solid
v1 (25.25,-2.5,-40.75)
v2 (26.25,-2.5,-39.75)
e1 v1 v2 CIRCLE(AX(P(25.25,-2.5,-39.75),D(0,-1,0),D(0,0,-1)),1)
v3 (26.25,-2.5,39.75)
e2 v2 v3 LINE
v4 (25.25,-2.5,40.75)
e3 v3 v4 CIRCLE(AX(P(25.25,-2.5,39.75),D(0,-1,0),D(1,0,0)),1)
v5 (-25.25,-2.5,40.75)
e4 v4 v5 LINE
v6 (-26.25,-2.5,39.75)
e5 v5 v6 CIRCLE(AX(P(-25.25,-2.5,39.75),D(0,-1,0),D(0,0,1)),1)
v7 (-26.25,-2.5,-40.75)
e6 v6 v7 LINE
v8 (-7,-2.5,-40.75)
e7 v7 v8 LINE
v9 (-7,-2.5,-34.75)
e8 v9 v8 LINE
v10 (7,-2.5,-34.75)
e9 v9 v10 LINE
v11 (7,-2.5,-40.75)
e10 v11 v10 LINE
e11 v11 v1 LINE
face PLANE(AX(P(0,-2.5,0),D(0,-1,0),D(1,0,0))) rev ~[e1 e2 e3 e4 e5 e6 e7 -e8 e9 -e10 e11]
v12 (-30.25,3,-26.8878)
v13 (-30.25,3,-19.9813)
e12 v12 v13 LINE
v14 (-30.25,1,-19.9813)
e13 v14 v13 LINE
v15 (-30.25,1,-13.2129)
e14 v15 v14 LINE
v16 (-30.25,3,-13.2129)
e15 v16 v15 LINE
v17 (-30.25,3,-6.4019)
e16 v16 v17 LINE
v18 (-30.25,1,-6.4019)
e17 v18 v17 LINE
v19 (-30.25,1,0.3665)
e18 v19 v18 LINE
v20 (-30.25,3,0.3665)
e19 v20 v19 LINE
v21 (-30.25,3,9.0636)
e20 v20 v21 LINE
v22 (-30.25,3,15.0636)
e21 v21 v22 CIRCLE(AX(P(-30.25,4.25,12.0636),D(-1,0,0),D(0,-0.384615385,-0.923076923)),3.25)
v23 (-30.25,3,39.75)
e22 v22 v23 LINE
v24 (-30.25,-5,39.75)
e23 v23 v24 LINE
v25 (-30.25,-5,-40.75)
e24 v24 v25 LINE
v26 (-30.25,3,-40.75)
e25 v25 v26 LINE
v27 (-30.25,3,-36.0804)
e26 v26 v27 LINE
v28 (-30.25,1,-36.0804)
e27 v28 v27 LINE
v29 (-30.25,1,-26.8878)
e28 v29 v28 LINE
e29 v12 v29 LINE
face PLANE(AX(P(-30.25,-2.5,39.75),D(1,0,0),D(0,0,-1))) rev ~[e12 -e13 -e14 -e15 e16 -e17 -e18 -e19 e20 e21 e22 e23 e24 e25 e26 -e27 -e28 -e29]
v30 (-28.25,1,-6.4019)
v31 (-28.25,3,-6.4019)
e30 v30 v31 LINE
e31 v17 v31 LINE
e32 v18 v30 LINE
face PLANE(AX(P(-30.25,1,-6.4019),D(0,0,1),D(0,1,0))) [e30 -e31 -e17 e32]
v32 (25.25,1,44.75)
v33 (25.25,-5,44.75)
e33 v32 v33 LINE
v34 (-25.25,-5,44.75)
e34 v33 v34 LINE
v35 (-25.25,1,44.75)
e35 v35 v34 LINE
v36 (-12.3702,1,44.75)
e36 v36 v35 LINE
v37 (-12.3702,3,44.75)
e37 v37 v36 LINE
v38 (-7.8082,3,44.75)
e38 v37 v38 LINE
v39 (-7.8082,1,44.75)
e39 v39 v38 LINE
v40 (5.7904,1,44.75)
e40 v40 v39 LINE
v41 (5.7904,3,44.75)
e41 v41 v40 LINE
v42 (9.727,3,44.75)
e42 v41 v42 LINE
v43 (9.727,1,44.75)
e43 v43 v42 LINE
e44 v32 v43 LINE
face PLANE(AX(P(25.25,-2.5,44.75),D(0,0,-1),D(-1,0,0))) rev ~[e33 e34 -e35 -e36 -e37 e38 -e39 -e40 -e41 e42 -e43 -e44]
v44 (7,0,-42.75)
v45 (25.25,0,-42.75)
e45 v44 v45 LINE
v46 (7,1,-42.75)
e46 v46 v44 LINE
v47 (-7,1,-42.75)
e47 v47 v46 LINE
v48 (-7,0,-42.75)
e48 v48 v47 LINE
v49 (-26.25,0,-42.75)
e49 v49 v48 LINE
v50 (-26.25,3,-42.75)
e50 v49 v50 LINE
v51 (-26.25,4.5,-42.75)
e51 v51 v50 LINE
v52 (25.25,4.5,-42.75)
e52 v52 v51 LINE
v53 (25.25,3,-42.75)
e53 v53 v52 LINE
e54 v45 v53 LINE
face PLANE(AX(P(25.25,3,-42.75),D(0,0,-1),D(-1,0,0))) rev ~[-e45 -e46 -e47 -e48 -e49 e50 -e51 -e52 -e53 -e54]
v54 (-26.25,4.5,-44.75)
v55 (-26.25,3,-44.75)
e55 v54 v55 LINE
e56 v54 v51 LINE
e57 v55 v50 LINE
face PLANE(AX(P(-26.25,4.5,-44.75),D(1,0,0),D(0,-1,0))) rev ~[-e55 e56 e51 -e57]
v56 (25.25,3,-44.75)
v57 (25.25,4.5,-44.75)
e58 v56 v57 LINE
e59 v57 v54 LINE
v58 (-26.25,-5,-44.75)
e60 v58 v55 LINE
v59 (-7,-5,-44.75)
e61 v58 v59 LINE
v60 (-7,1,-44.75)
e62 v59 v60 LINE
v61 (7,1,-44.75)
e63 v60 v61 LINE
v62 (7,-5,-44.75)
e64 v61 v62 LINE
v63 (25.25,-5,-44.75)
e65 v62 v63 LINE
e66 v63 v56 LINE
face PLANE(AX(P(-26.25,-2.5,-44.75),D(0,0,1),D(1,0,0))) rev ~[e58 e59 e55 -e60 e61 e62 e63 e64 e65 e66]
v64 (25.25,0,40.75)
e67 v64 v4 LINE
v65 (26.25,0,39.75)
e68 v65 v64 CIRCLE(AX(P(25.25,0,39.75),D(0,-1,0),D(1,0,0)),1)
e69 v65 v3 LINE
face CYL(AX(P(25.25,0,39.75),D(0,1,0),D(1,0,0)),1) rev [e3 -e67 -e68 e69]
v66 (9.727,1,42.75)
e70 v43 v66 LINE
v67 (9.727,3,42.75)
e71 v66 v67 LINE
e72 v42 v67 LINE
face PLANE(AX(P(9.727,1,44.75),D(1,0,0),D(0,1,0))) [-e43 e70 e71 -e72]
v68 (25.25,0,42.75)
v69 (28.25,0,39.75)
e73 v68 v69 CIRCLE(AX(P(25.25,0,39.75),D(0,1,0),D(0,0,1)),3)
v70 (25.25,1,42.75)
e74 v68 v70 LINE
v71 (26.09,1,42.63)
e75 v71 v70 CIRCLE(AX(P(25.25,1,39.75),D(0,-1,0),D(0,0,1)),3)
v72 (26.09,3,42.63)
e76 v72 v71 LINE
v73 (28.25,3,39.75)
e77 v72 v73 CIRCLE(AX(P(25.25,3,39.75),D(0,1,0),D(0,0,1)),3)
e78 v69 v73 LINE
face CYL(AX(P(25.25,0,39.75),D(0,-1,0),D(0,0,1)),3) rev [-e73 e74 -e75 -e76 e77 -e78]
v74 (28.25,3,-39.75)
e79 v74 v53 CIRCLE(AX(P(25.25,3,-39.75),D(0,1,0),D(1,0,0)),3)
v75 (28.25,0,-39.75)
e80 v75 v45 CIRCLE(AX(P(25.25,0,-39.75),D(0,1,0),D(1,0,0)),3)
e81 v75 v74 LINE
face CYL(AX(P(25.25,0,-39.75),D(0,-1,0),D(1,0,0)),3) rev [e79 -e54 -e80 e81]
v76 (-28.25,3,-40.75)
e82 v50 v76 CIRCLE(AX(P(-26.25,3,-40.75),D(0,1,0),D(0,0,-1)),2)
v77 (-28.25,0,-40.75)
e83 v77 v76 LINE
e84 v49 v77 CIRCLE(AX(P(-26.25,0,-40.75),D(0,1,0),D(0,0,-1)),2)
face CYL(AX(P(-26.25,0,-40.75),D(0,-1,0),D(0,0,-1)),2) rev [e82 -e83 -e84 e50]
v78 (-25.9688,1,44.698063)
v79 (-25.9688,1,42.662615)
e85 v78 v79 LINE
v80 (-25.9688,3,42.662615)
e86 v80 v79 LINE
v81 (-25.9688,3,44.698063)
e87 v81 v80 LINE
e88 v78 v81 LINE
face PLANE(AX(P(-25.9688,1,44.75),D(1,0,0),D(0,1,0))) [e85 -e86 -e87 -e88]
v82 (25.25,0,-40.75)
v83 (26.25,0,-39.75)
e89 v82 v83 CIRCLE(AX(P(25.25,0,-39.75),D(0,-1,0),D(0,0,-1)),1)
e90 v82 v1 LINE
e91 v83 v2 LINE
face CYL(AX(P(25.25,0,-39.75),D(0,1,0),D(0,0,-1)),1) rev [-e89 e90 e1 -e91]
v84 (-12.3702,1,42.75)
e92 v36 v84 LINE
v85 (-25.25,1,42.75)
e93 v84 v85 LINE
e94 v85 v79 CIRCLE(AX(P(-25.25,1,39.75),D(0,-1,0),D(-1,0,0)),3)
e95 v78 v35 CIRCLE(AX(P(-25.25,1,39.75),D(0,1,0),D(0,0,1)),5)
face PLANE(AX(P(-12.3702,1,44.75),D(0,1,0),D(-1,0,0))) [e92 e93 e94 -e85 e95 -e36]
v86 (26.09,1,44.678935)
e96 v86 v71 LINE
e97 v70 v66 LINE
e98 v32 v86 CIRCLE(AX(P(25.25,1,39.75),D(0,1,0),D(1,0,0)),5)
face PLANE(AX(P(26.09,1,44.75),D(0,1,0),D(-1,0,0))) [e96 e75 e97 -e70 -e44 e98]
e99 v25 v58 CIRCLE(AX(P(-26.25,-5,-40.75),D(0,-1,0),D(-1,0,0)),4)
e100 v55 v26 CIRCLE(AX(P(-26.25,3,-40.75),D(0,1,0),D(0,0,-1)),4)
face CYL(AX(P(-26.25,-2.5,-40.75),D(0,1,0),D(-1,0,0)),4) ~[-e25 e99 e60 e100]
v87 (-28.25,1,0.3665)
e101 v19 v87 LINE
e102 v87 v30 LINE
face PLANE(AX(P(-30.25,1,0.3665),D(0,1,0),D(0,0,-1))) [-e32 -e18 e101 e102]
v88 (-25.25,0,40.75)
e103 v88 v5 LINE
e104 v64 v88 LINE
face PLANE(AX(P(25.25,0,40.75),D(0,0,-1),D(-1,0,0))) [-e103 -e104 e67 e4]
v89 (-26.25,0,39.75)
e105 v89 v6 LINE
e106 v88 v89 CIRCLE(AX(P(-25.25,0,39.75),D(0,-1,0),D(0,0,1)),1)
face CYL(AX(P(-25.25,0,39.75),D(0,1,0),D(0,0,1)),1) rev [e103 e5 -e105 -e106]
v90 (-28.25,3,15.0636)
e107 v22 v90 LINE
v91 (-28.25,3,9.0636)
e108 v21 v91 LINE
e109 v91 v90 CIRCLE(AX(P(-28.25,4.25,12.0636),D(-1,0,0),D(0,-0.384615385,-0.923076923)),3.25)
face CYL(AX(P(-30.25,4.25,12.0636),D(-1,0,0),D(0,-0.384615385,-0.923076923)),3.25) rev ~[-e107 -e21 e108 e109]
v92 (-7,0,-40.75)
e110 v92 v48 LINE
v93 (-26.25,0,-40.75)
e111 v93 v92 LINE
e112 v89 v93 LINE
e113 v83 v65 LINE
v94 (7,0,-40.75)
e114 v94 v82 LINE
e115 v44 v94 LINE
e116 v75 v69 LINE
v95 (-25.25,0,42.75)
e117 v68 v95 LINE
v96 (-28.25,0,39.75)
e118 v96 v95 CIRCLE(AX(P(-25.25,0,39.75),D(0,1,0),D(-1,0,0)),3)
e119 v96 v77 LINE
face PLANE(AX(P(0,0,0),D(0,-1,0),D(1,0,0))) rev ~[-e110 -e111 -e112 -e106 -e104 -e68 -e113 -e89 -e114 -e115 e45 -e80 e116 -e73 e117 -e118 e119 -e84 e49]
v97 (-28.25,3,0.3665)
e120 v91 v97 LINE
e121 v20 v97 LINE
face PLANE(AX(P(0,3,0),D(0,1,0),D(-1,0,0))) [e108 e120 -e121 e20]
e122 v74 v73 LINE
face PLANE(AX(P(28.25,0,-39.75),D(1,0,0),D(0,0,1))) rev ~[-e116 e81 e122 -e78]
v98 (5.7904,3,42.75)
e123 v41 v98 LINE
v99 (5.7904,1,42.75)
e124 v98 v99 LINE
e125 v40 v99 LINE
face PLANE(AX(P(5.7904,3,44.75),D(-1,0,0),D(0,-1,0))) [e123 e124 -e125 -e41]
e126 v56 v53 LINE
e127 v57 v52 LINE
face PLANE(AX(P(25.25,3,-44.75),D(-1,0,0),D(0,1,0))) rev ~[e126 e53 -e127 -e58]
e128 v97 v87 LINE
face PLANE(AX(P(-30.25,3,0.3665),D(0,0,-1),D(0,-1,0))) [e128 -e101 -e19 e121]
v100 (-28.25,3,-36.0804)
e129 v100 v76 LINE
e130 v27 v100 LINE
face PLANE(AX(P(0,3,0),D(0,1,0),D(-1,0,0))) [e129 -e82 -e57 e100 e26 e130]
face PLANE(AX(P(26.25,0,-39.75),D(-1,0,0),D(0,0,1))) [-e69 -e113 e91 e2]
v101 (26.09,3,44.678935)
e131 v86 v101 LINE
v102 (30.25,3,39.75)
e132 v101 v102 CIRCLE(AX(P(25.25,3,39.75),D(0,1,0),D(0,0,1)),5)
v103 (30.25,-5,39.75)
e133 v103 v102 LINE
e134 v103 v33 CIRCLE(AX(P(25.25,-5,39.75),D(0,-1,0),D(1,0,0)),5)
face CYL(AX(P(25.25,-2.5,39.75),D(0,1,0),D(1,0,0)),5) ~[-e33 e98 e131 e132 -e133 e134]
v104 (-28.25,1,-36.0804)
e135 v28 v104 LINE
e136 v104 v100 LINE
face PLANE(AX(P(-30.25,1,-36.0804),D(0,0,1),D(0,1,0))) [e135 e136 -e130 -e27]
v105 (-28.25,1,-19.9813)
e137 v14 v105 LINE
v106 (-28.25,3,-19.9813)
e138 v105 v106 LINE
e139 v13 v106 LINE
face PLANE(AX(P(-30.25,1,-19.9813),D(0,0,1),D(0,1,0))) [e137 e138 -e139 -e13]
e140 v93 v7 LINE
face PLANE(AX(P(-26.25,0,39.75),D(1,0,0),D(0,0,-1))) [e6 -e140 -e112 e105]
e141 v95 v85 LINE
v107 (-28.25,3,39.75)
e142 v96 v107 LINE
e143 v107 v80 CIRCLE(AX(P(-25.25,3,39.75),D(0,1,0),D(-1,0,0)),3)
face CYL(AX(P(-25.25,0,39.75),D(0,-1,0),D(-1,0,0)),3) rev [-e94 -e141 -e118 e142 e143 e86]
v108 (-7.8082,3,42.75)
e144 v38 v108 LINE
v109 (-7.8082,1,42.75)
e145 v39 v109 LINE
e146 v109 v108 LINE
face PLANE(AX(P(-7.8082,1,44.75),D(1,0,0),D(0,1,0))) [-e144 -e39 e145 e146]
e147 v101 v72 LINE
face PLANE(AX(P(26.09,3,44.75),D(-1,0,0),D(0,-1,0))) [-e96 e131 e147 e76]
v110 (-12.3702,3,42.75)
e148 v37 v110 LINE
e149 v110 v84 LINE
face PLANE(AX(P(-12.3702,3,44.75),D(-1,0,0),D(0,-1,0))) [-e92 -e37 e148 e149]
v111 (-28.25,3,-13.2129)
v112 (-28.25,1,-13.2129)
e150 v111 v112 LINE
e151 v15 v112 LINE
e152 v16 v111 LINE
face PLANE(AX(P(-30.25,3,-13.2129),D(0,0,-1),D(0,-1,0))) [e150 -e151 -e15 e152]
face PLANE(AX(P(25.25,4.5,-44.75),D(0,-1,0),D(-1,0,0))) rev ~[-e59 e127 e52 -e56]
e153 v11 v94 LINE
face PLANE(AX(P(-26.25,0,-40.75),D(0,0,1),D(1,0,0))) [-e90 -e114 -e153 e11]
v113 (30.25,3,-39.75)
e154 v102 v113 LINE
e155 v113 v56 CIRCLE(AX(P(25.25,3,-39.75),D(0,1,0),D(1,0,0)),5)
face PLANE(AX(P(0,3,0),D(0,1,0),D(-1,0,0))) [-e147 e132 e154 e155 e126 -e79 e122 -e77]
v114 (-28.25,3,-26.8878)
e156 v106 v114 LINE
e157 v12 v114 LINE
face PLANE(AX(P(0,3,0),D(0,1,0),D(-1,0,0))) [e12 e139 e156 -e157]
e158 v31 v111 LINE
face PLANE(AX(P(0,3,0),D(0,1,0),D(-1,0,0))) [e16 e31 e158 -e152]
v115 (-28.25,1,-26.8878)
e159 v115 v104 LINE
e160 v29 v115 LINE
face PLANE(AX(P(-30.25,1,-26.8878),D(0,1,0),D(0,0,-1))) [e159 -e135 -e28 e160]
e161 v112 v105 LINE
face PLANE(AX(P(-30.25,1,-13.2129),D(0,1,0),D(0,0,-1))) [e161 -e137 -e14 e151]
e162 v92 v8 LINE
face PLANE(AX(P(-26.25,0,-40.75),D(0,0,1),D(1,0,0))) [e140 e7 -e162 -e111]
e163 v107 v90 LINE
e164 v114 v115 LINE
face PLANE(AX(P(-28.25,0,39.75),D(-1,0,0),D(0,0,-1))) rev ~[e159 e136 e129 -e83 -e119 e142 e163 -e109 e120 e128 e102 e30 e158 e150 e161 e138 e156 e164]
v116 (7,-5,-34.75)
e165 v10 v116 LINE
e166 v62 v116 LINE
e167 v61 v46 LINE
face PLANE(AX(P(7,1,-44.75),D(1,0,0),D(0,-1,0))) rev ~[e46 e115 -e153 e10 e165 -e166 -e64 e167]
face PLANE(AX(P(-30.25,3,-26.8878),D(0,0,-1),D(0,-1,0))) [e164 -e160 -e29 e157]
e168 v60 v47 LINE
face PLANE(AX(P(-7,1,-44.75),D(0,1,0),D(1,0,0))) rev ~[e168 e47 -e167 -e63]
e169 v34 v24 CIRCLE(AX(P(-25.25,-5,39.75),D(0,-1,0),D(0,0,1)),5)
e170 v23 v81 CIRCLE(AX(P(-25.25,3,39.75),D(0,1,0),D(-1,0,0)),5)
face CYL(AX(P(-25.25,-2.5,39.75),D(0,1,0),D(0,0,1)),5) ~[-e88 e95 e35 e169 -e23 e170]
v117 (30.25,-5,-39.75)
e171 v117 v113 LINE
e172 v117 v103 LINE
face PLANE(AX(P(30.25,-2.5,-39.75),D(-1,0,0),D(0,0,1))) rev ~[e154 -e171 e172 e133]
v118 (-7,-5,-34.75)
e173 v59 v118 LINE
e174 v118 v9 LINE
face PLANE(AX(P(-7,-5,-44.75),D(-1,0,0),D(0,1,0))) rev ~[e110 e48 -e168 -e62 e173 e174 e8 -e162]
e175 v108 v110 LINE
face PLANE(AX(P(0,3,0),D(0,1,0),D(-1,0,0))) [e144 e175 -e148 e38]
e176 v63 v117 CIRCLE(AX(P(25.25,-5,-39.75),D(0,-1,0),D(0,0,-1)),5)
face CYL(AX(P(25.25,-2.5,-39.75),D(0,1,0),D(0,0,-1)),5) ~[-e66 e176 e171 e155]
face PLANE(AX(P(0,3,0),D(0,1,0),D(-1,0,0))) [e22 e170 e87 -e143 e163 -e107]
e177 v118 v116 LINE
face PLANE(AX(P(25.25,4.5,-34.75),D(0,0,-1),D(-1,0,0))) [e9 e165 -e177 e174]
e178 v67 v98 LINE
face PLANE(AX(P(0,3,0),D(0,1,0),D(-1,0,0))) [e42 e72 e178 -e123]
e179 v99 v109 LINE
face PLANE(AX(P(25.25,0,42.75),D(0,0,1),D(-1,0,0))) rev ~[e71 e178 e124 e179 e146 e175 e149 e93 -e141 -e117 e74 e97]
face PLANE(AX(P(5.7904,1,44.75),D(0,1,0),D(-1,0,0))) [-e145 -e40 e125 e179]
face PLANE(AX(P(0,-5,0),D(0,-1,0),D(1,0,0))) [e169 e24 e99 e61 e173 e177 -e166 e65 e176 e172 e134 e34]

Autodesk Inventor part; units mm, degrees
ref_plane "YZ Plane" through (0, 0, 0) normal (1, 0, 0) x (0, 1, 0)
ref_plane "XZ Plane" through (0, 0, 0) normal (0, 1, 0) x (-1, 0, 0)
ref_plane "XY Plane" through (0, 0, 0) normal (0, 0, 1) x (1, 0, 0)
sketch "Sketch1" plane through (0, 0, 0) normal (0, 1, 0) x (-1, 0, 0)
  line L0 (-25.25, 42.75) -> (25.25, 42.75)
  line L1 (28.25, 39.75) -> (28.25, -40.75)
  line L2 (26.25, -42.75) -> (-25.25, -42.75)
  line L3 (-28.25, -39.75) -> (-28.25, 39.75)
  line L4 (-28.25, 42.75) -> (28.25, -42.75) construction
  line L5 (28.25, 42.75) -> (-28.25, -42.75) construction
  arc A0 (26.25, -42.75) -> (28.25, -40.75) centre (26.25, -40.75) ccw
  arc A1 (-28.25, -39.75) -> (-25.25, -42.75) centre (-25.25, -39.75) ccw
  arc A2 (-25.25, 42.75) -> (-28.25, 39.75) centre (-25.25, 39.75) ccw
  arc A3 (28.25, 39.75) -> (25.25, 42.75) centre (25.25, 39.75) ccw
  line L6 (30.25, -40.75) -> (30.25, 39.75)
  arc A4 (30.25, 39.75) -> (25.25, 44.75) centre (25.25, 39.75) ccw
  line L7 (25.25, 44.75) -> (-25.25, 44.75)
  arc A5 (-25.25, 44.75) -> (-30.25, 39.75) centre (-25.25, 39.75) ccw
  line L8 (-30.25, 39.75) -> (-30.25, -39.75)
  arc A6 (-30.25, -39.75) -> (-25.25, -44.75) centre (-25.25, -39.75) ccw
  line L9 (-25.25, -44.75) -> (26.25, -44.75)
  arc A7 (26.25, -44.75) -> (30.25, -40.75) centre (26.25, -40.75) ccw
  point P0 (0, 0)
  dimension "d0" = 56.5
  dimension "d1" = 85.5
  dimension "d2" = 2
  dimension "d3" = 3
  dimension "d4" = 2
extrude "Extrusion1" add sketch "Sketch1" along normal blind 3
sketch "Sketch2" plane through (0, 0, 0) normal (0, -1, 0) x (1, 0, 0)
  arc A0 (-25.25, 44.75) -> (-30.25, 39.75) centre (-25.25, 39.75) ccw projected
  line L0 (-25.25, 44.75) -> (25.25, 44.75) projected
  arc A1 (30.25, 39.75) -> (25.25, 44.75) centre (25.25, 39.75) ccw projected
  line L1 (30.25, 39.75) -> (30.25, -39.75) projected
  arc A2 (25.25, -44.75) -> (30.25, -39.75) centre (25.25, -39.75) ccw projected
  line L2 (25.25, -44.75) -> (-26.25, -44.75) projected
  arc A3 (-30.25, -40.75) -> (-26.25, -44.75) centre (-26.25, -40.75) ccw projected
  line L3 (-30.25, -40.75) -> (-30.25, 39.75) projected
  line L4 (-26.25, -44.75) -> (25.25, -44.75)
  line L5 (30.25, -39.75) -> (30.25, 39.75)
  line L6 (25.25, 44.75) -> (-25.25, 44.75)
  line L7 (-30.25, 39.75) -> (-30.25, -40.75)
  line L8 (-30, -44.5) -> (30, 44.5) construction
  line L9 (30, -44.5) -> (-30, 44.5) construction
  arc A4 (-25.25, 44.75) -> (-30.25, 39.75) centre (-25.25, 39.75) ccw
  arc A5 (30.25, 39.75) -> (25.25, 44.75) centre (25.25, 39.75) ccw
  arc A6 (25.25, -42.75) -> (28.25, -39.75) centre (25.25, -39.75) ccw projected
  arc A7 (25.25, -44.75) -> (30.25, -39.75) centre (25.25, -39.75) ccw
  arc A8 (-30.25, -40.75) -> (-26.25, -44.75) centre (-26.25, -40.75) ccw
  line L10 (25.25, 40.75) -> (-25.25, 40.75)
  arc A9 (-25.25, 40.75) -> (-26.25, 39.75) centre (-25.25, 39.75) ccw
  line L11 (-26.25, 39.75) -> (-26.25, -40.75)
  line L12 (-26.25, -40.75) -> (25.25, -40.75)
  arc A10 (25.25, -40.75) -> (26.25, -39.75) centre (25.25, -39.75) ccw
  line L13 (26.25, -39.75) -> (26.25, 39.75)
  arc A11 (26.25, 39.75) -> (25.25, 40.75) centre (25.25, 39.75) ccw
  point P0 (0, 0)
  point P1 (-26.25, -40.75)
  dimension "d12" = 4
extrude "Extrusion2" add sketch "Sketch2" along normal blind 2.5
sketch "Sketch3" plane through (25.25, 3, -44.75) normal (0, 0, -1) x (-1, 0, 0)
  line L0 (51.5, -5.5) -> (51.5, 0) projected
  line L1 (51.5, 0) -> (0, 0)
  line L2 (0, 0) -> (0, 1.5)
  line L3 (0, 1.5) -> (51.5, 1.5)
  line L4 (51.5, 1.5) -> (51.5, 0)
  point P0 (25.25, -3)
  dimension "d9" = 1.5
extrude "Extrusion3" add sketch "Sketch3" against normal blind 2
sketch "Sketch4" plane through (0, -2.5, 0) normal (0, -1, 0) x (1, 0, 0)
  line L0 (25.25, 44.75) -> (-25.25, 44.75)
  line L1 (-30.25, 39.75) -> (-30.25, -40.75)
  line L2 (-26.25, -44.75) -> (25.25, -44.75)
  line L3 (30.25, -39.75) -> (30.25, 39.75)
  line L4 (30, 44.5) -> (-30, -44.5) construction
  line L5 (-30, 44.5) -> (30, -44.5) construction
  line L6 (-26.25, -44.75) -> (25.25, -44.75) projected
  line L7 (-30.25, 39.75) -> (-30.25, -40.75) projected
  arc A0 (25.25, -44.75) -> (30.25, -39.75) centre (25.25, -39.75) ccw projected
  arc A1 (-30.25, -40.75) -> (-26.25, -44.75) centre (-26.25, -40.75) ccw projected
  arc A2 (-25.25, 44.75) -> (-30.25, 39.75) centre (-25.25, 39.75) ccw projected
  arc A3 (30.25, 39.75) -> (25.25, 44.75) centre (25.25, 39.75) ccw projected
  arc A4 (25.25, -44.75) -> (30.25, -39.75) centre (25.25, -39.75) ccw
  line L8 (25.25, -40.75) -> (-26.25, -40.75) projected
  arc A5 (-30.25, -40.75) -> (-26.25, -44.75) centre (-26.25, -40.75) ccw
  arc A6 (-25.25, 44.75) -> (-30.25, 39.75) centre (-25.25, 39.75) ccw
  arc A7 (30.25, 39.75) -> (25.25, 44.75) centre (25.25, 39.75) ccw
  line L9 (25.25, 44.75) -> (-25.25, 44.75) projected
  point P0 (0, 0)
  point P1 (-30.25, 39.75)
  point P2 (-30.25, -40.75)
  point P3 (25.25, -44.75)
extrude "Extrusion4" add sketch "Sketch4" along normal blind 2.5
sketch "Sketch5" plane through (25.25, 4.5, -44.75) normal (0, 0, -1) x (-1, 0, 0)
  line L0 (51.5, -9.5) -> (0, -9.5) projected
  line L1 (18.25, -9.5) -> (32.25, -9.5)
  line L2 (32.25, -9.5) -> (32.25, -3.5)
  line L3 (32.25, -3.5) -> (18.25, -3.5)
  line L4 (18.25, -3.5) -> (18.25, -9.5)
  line L5 (18.25, -9.5) -> (32.25, -3.5) construction
  line L6 (32.25, -9.5) -> (18.25, -3.5) construction
  point P0 (25.25, -4.5)
  point P1 (25.25, -6.5)
  dimension "d16" = 14
  dimension "d17" = 0
  dimension "d18" = 6
extrude "Extrusion5" cut sketch "Sketch5" against normal blind 10
sketch "Sketch6" plane through (-30.25, 3, -40.75) normal (-1, 0, 0) x (0, 0, 1)
  line L0 (1, 0) -> (80.5, 0) projected
  line L1 (4.6696, 0) -> (13.8622, 0)
  line L2 (13.8622, 0) -> (13.8622, -2)
  line L3 (13.8622, -2) -> (4.6696, -2)
  line L4 (4.6696, -2) -> (4.6696, 0)
  line L5 (20.7687, 0) -> (27.5371, 0)
  line L6 (27.5371, 0) -> (27.5371, -2)
  line L7 (27.5371, -2) -> (20.7687, -2)
  line L8 (20.7687, -2) -> (20.7687, 0)
  line L9 (34.3481, 0) -> (41.1165, 0)
  line L10 (41.1165, 0) -> (41.1165, -2)
  line L11 (41.1165, -2) -> (34.3481, -2)
  line L12 (34.3481, -2) -> (34.3481, 0)
  arc A0 (49.8136, 0) -> (55.8136, 0) centre (52.8136, 1.25) ccw
  line L13 (-2, 1.5) -> (-2, 0) projected
  line L14 (80.5, -8) -> (0, -8) projected
  line L15 (49.8136, 0) -> (55.8136, 0)
  point P0 (40.75, -3)
  dimension "d21" = 6.6696
  dimension "d22" = 9.1926
  dimension "d23" = 22.7687
  dimension "d25" = 6.7684
  dimension "d26" = 6.7684
  dimension "d27" = 36.3481
  dimension "d28" = 51.8136
  dimension "d29" = 6
  dimension "d30" = 2
extrude "Extrusion6" cut sketch "Sketch6" against normal up to surface (2 mm away)
sketch "Sketch7" plane through (-25.25, 3, 44.75) normal (0, 0, 1) x (1, 0, 0)
  line L0 (50.5, 0) -> (0, 0) projected
  line L1 (-0.7188, 0) -> (12.8798, 0)
  line L2 (12.8798, 0) -> (12.8798, -2)
  line L3 (12.8798, -2) -> (-0.7188, -2)
  line L4 (-0.7188, -2) -> (-0.7188, 0)
  line L5 (17.4418, 0) -> (31.0404, 0)
  line L6 (31.0404, 0) -> (31.0404, -2)
  line L7 (31.0404, -2) -> (17.4418, -2)
  line L8 (17.4418, -2) -> (17.4418, 0)
  line L9 (34.977, 0) -> (51.34, 0)
  line L10 (51.34, 0) -> (51.34, -2)
  line L11 (51.34, -2) -> (34.977, -2)
  line L12 (34.977, -2) -> (34.977, 0)
  line L13 (-3, -3) -> (-3, 0) projected
  point P0 (25.25, -3)
  dimension "d33" = 2
  dimension "d34" = 2.2812
  dimension "d35" = 13.5986
  dimension "d36" = 20.4418
  dimension "d37" = 13.5986
  dimension "d38" = 37.977
  dimension "d39" = 16.363
extrude "Extrusion7" cut sketch "Sketch7" against normal blind 5
properties part number "piholder-proto-v5"
